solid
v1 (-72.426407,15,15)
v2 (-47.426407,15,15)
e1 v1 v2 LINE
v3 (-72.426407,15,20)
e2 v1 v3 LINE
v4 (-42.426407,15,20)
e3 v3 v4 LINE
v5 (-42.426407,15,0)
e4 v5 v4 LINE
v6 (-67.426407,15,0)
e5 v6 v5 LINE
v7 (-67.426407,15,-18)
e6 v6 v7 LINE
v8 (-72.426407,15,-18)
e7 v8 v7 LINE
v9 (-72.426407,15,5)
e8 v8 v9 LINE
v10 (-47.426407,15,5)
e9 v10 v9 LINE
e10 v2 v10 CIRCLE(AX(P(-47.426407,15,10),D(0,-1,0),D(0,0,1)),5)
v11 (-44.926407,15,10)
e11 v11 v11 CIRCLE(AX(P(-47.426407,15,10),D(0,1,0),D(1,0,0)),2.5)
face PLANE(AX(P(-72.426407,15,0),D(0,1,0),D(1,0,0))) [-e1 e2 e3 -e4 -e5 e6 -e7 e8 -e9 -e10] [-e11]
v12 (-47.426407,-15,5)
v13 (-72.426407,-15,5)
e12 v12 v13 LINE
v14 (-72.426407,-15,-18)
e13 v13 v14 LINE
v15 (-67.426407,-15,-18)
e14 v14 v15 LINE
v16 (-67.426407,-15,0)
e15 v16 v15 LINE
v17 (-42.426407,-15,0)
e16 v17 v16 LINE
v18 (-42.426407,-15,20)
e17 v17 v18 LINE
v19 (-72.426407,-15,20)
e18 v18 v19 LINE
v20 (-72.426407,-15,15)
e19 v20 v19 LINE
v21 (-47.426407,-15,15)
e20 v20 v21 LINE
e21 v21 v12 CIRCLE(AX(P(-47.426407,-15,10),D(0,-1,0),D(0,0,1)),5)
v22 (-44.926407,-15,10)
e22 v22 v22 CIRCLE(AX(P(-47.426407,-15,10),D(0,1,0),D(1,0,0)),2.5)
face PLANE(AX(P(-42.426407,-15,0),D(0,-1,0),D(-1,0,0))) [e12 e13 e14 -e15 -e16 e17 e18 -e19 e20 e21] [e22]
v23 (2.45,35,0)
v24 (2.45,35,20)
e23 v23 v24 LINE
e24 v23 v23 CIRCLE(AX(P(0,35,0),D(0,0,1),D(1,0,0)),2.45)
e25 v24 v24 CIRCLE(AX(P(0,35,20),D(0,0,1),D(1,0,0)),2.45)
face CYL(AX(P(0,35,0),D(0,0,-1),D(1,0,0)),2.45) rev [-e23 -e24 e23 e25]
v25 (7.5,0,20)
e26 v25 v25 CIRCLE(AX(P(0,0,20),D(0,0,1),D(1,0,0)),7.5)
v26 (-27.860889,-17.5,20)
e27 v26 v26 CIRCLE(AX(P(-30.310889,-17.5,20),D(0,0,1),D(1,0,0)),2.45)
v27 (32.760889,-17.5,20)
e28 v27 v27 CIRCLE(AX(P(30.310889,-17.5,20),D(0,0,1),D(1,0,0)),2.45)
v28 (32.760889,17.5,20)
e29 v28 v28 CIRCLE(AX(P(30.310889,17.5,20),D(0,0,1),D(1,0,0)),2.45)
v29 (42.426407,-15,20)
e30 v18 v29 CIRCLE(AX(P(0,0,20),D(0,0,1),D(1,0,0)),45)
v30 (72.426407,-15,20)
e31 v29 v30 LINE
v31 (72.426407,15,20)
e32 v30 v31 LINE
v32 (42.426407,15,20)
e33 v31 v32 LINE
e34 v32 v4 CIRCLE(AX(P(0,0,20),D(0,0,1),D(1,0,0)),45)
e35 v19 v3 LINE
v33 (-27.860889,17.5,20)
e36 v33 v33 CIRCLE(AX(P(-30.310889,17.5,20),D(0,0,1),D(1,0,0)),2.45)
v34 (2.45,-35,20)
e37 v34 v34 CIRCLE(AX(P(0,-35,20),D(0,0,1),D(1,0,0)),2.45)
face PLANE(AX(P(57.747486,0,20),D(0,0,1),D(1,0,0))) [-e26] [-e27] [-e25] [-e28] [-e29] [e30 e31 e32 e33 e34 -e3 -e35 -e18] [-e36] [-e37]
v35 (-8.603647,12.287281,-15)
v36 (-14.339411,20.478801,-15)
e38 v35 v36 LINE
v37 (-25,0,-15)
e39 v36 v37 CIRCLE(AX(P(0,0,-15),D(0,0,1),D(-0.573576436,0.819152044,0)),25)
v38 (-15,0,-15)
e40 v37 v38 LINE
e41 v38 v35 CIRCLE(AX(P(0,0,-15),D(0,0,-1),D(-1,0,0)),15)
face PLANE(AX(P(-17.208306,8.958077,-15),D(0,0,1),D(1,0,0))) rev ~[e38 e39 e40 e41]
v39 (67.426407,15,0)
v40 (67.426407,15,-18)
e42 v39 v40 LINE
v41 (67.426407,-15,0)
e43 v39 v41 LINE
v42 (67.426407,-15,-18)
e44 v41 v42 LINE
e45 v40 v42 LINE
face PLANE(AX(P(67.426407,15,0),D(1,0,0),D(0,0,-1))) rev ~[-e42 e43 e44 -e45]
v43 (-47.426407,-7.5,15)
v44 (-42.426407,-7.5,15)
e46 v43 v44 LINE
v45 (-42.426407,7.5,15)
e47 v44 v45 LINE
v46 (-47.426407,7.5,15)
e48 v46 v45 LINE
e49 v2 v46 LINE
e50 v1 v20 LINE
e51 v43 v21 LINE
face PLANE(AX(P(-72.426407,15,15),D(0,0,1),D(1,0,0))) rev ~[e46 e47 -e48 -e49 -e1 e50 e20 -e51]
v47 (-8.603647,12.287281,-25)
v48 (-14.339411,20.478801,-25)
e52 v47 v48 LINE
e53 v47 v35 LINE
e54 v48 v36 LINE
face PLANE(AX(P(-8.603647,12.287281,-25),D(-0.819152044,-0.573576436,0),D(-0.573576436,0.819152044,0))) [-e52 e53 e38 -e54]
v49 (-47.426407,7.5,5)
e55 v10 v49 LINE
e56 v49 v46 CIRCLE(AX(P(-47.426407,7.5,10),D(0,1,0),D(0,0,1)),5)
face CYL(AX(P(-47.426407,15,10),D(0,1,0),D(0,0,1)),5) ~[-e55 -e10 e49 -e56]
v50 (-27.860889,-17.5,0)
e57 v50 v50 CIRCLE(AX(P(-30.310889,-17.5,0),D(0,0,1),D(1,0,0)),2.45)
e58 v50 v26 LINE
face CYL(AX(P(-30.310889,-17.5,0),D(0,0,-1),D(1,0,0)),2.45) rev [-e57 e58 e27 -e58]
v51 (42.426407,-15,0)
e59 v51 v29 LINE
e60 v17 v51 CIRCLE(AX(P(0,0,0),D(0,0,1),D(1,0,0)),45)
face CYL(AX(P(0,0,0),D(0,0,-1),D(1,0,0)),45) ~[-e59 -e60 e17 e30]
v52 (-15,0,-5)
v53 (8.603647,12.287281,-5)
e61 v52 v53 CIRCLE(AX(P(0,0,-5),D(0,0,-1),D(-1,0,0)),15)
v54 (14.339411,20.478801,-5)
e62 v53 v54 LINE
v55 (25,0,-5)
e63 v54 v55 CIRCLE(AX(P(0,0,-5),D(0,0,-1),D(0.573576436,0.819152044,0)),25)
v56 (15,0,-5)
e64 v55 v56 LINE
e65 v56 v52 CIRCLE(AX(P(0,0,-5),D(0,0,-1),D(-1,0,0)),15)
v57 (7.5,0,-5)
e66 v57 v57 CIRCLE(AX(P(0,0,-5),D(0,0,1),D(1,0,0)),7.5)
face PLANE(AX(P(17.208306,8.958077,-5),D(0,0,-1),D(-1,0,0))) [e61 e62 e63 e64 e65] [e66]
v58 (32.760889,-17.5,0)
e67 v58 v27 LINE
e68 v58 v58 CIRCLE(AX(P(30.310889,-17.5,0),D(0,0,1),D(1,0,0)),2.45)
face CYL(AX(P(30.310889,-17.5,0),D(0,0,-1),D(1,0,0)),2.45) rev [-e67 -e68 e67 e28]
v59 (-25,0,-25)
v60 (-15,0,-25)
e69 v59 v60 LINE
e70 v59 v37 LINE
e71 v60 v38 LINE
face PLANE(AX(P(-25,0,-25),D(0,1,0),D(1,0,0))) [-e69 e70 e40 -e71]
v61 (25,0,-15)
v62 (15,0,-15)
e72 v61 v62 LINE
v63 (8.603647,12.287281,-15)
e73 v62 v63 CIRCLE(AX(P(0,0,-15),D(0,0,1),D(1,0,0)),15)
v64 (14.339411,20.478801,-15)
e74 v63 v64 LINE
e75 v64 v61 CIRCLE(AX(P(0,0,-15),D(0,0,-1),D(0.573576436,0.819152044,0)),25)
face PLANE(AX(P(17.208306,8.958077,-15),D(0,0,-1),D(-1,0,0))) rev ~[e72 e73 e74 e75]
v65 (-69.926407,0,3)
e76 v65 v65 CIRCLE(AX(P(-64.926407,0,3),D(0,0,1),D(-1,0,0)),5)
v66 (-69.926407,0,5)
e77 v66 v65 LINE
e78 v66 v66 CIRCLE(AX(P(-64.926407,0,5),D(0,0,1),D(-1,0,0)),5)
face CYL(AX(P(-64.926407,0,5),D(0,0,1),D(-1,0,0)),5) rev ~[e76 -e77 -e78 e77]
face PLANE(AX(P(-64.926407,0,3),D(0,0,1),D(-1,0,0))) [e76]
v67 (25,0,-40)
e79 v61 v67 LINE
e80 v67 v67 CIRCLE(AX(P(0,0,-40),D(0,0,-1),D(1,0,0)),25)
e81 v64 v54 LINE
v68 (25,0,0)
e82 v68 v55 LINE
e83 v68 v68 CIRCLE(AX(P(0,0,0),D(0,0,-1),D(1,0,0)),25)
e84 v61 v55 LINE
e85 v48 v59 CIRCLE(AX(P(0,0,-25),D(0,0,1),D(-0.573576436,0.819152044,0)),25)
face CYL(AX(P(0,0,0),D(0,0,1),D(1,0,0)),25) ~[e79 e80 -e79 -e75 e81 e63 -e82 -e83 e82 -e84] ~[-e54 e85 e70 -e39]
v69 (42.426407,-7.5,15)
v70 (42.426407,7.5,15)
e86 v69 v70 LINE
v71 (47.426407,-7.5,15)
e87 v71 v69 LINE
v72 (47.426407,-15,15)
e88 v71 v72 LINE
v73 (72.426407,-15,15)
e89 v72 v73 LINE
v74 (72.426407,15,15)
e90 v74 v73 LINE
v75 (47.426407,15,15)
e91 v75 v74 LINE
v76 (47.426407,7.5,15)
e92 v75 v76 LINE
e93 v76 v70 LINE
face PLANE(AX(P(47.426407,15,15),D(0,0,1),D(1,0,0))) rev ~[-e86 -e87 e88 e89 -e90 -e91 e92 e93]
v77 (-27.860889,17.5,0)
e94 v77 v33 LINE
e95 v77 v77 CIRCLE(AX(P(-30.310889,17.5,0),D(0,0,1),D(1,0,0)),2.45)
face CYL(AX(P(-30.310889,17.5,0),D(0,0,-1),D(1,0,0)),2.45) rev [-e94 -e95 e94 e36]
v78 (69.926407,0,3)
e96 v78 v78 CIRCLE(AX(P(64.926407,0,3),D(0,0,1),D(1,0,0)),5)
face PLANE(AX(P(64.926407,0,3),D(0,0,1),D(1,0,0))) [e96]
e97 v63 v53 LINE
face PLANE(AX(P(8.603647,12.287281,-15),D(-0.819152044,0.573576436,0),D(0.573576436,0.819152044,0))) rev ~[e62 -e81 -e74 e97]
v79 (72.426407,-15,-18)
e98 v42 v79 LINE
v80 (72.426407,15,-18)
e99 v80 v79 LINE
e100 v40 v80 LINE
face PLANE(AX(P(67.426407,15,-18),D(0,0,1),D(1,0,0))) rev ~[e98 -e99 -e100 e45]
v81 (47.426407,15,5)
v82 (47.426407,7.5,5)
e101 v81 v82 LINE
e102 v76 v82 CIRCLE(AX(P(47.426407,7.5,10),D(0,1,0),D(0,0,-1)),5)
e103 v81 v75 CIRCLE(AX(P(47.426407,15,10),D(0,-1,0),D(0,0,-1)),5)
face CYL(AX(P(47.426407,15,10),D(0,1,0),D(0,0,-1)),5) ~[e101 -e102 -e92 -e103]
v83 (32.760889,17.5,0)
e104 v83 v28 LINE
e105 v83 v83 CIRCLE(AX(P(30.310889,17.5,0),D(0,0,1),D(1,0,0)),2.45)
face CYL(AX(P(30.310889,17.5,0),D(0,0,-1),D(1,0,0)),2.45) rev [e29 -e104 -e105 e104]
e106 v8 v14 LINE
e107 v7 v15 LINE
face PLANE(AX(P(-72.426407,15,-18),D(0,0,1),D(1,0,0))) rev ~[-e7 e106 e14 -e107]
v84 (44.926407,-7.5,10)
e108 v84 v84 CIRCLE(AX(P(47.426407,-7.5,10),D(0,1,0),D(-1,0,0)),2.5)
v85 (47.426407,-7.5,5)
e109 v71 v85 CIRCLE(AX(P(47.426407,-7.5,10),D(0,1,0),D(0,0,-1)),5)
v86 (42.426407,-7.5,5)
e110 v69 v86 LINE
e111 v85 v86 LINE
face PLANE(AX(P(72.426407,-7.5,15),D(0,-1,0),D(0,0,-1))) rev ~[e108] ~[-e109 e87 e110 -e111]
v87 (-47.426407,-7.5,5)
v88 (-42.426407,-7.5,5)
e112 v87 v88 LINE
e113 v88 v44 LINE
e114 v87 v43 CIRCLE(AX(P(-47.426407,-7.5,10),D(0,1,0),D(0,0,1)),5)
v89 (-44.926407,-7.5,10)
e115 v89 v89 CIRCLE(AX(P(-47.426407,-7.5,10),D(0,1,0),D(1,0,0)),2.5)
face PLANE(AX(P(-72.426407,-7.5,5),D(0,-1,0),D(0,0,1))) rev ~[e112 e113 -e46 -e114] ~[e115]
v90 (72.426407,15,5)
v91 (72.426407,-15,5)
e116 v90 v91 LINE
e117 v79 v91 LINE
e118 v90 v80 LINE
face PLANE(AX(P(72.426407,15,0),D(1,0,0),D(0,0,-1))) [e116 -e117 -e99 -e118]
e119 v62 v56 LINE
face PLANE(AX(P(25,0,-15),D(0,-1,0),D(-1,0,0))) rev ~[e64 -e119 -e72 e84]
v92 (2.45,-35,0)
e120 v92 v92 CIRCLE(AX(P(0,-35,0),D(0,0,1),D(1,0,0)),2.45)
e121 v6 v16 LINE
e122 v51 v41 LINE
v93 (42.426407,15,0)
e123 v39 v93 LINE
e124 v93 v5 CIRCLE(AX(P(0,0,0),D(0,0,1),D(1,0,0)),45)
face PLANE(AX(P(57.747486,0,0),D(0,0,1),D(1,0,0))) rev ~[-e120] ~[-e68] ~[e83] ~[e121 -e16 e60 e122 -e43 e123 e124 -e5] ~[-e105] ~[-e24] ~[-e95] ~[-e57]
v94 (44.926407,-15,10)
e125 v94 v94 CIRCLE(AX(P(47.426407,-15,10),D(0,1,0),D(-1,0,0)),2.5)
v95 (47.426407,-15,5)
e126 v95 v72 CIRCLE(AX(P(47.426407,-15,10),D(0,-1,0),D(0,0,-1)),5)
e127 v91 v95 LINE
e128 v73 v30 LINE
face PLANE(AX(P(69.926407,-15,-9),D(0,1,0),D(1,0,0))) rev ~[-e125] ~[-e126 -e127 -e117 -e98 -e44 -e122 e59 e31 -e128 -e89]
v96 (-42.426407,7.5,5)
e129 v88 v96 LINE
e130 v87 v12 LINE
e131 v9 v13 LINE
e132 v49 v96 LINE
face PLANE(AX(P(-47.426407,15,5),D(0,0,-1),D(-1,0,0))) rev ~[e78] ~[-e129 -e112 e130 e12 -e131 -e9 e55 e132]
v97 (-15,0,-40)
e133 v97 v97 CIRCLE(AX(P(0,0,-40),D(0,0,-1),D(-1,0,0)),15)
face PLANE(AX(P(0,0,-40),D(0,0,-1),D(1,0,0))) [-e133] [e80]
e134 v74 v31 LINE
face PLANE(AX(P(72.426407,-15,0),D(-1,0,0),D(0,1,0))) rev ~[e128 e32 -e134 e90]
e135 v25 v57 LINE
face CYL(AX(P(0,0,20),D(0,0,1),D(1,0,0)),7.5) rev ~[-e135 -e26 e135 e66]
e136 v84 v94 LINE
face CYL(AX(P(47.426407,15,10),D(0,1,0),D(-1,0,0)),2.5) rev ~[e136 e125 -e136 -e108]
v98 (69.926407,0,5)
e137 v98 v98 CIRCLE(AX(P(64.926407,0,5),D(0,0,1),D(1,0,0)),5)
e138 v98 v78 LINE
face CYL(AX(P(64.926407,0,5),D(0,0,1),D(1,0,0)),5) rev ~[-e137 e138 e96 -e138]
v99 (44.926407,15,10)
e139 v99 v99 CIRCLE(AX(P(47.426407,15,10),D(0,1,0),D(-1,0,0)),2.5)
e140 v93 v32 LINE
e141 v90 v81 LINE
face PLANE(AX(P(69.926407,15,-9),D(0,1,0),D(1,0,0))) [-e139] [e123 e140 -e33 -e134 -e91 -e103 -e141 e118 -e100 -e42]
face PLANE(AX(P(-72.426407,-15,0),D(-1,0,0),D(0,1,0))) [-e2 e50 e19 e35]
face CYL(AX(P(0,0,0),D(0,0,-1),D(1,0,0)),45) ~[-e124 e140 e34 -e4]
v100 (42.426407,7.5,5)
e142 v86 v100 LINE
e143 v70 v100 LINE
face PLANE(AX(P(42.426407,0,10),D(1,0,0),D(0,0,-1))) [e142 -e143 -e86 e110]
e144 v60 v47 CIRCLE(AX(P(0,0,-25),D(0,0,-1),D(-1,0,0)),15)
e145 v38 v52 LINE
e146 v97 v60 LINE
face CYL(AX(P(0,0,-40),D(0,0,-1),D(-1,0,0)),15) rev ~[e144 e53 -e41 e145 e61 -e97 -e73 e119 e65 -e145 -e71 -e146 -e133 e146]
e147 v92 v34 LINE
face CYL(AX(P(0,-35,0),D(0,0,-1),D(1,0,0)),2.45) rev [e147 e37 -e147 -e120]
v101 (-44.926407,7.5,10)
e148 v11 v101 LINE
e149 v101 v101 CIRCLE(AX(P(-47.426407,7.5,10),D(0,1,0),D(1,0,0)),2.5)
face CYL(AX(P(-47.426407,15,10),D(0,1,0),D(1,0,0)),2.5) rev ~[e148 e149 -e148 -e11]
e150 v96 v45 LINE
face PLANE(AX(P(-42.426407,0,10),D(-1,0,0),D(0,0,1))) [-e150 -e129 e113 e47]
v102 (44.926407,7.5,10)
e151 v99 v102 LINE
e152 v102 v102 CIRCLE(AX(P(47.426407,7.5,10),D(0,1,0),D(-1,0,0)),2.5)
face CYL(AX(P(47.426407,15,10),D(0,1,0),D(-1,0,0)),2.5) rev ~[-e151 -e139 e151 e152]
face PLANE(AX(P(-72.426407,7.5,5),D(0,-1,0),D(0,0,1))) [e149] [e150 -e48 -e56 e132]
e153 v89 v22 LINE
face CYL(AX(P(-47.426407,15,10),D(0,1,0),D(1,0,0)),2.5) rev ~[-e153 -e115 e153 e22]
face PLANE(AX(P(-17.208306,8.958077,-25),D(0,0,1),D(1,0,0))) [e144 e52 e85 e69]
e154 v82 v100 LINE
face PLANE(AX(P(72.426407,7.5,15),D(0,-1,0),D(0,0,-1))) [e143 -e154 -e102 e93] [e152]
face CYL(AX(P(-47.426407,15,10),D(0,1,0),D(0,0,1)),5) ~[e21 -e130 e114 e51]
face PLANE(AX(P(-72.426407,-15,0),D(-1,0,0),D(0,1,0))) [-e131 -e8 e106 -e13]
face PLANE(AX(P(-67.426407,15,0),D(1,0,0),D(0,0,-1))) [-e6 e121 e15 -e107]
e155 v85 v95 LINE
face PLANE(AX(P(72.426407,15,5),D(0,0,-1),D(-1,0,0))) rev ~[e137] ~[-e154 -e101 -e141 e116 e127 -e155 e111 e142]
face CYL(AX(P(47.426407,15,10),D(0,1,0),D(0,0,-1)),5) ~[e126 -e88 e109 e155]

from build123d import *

# Parameters (mm, degrees)
IZIM1_R                     = 45
IZIM1_R_2                   = 2.45
Y_KSEKLIK_EKSTR_ZYON1_DEPTH = 20
IZIM2_R                     = 25
Y_KSEKLIK_EKSTR_ZYON2_DEPTH = 40
Y_KSEKLIK_EKSTR_ZYON3_START = -20
Y_KSEKLIK_EKSTR_ZYON3_DEPTH = 20
IZIM4_R                     = 2.5
KES_EKSTR_ZYON1_DEPTH       = 30
IZIM5_W                     = 10
IZIM5_H                     = 15
KES_EKSTR_ZYON3_DEPTH       = 30
IZIM8_R                     = 5
KES_EKSTR_ZYON4_DEPTH       = 2
IZIM10_R                    = 7.5
KES_EKSTR_ZYON5_DEPTH       = 25
IZIM12_W                    = 5
IZIM12_H                    = 18
Y_KSEKLIK_EKSTR_ZYON4_DEPTH = 30
IZIM14_W                    = 10
IZIM14_H                    = 15
KES_EKSTR_ZYON6_DEPTH       = 30
IZIM16_R                    = 15
KES_EKSTR_ZYON8_DEPTH       = 35
KES_EKSTR_ZYON9_START       = -25
KES_EKSTR_ZYON9_DEPTH       = 10
KES_EKSTR_ZYON10_START      = -15
KES_EKSTR_ZYON10_DEPTH      = 10


with BuildPart() as part:
    # Çizim1 → Yükseklik-Ekstrüzyon1 (new body)
    with BuildSketch(Plane.XY):
        Circle(IZIM1_R)
        with Locations((0, 35)):
            Circle(IZIM1_R_2, mode=Mode.SUBTRACT)
        with Locations((30.310889132, 17.5)):
            Circle(IZIM1_R_2, mode=Mode.SUBTRACT)
        with Locations((30.310889132, -17.5)):
            Circle(IZIM1_R_2, mode=Mode.SUBTRACT)
        with Locations((0, -35)):
            Circle(IZIM1_R_2, mode=Mode.SUBTRACT)
        with Locations((-30.310889132, -17.5)):
            Circle(IZIM1_R_2, mode=Mode.SUBTRACT)
        with Locations((-30.310889132, 17.5)):
            Circle(IZIM1_R_2, mode=Mode.SUBTRACT)
    extrude(amount=Y_KSEKLIK_EKSTR_ZYON1_DEPTH)

    # Çizim2 → Yükseklik-Ekstrüzyon2 (add)
    with BuildSketch(Plane(origin=(0, 0, 0), x_dir=(-1, 0, 0), z_dir=(0, 0, -1))):
        with Locations(Location((0, 0, 0), (0, 0, 180))):
            Circle(IZIM2_R)
    extrude(amount=Y_KSEKLIK_EKSTR_ZYON2_DEPTH)

    # Çizim3 → Yükseklik-Ekstrüzyon3 (add)
    with BuildSketch(Plane.XY.offset(20).offset(Y_KSEKLIK_EKSTR_ZYON3_START)):
        with BuildLine():
            Line((42.426406871, -15), (72.426406871, -15))
            Line((72.426406871, -15), (72.426406871, 15))
            Line((72.426406871, 15), (42.426406871, 15))
            ThreePointArc((42.426406871, 15), (45, 0), (42.426406871, -15))
        make_face()
        with BuildLine():
            Line((-42.426406871, -15), (-72.426406871, -15))
            Line((-72.426406871, -15), (-72.426406871, 15))
            Line((-72.426406871, 15), (-42.426406871, 15))
            ThreePointArc((-42.426406871, 15), (-45, 0), (-42.426406871, -15))
        make_face()
    extrude(amount=Y_KSEKLIK_EKSTR_ZYON3_DEPTH)

    # Çizim4 → Kes-Ekstrüzyon1 (cut)
    with BuildSketch(Plane(origin=(0, 15, 0), x_dir=(1, 0, 0), z_dir=(0, 1, 0))):
        with Locations(Location((47.426406871, -10, 0), (0, 0, 180))):
            Circle(IZIM4_R)
        with Locations((-47.426406871, -10)):
            Circle(IZIM4_R)
        with BuildLine():
            Line((72.426406871, -5), (47.426406871, -5))
            ThreePointArc((47.426406871, -5), (52.426406871, -10), (47.426406871, -15))
            Line((47.426406871, -15), (72.426406871, -15))
            Line((72.426406871, -15), (72.426406871, -5))
        make_face()
        with BuildLine():
            Line((-72.426406871, -15), (-47.426406871, -15))
            ThreePointArc((-47.426406871, -15), (-52.426406871, -10), (-47.426406871, -5))
            Line((-47.426406871, -5), (-72.426406871, -5))
            Line((-72.426406871, -5), (-72.426406871, -15))
        make_face()
    extrude(amount=-KES_EKSTR_ZYON1_DEPTH, mode=Mode.SUBTRACT)

    # Çizim5 → Kes-Ekstrüzyon3 (cut)
    with BuildSketch(Plane(origin=(72.426406871, 0, 0), x_dir=(0, 0, -1), z_dir=(1, 0, 0))):
        with Locations((-10, 0)):
            Rectangle(IZIM5_W, IZIM5_H)
    extrude(amount=-KES_EKSTR_ZYON3_DEPTH, mode=Mode.SUBTRACT)

    # Çizim8 → Kes-Ekstrüzyon4 (cut)
    with BuildSketch(Plane.XY.offset(5)):
        with Locations((64.926406871, 0)):
            Circle(IZIM8_R)
        with Locations(Location((-64.926406871, 0, 0), (0, 0, 180))):
            Circle(IZIM8_R)
    extrude(amount=-KES_EKSTR_ZYON4_DEPTH, mode=Mode.SUBTRACT)

    # Çizim10 → Kes-Ekstrüzyon5 (cut)
    with BuildSketch(Plane.XY.offset(20)):
        Circle(IZIM10_R)
    extrude(amount=-KES_EKSTR_ZYON5_DEPTH, mode=Mode.SUBTRACT)

    # Çizim12 → Yükseklik-Ekstrüzyon4 (add)
    with BuildSketch(Plane(origin=(0, 15, 0), x_dir=(1, 0, 0), z_dir=(0, 1, 0))):
        with Locations((69.926406871, 9)):
            Rectangle(IZIM12_W, IZIM12_H)
        with Locations((-69.926406871, 9)):
            Rectangle(IZIM12_W, IZIM12_H)
    extrude(amount=-Y_KSEKLIK_EKSTR_ZYON4_DEPTH)

    # Çizim14 → Kes-Ekstrüzyon6 (cut)
    with BuildSketch(Plane.ZY.offset(72.426406871)):
        with Locations((10, 0)):
            Rectangle(IZIM14_W, IZIM14_H)
    extrude(amount=-KES_EKSTR_ZYON6_DEPTH, mode=Mode.SUBTRACT)

    # Çizim16 → Kes-Ekstrüzyon8 (cut)
    with BuildSketch(Plane(origin=(0, 0, -40), x_dir=(-1, 0, 0), z_dir=(0, 0, -1))):
        Circle(IZIM16_R)
    extrude(amount=-KES_EKSTR_ZYON8_DEPTH, mode=Mode.SUBTRACT)

    # Çizim17 → Kes-Ekstrüzyon9 (cut)
    with BuildSketch(Plane(origin=(0, 0, -40), x_dir=(-1, 0, 0), z_dir=(0, 0, -1)).offset(KES_EKSTR_ZYON9_START)):
        with BuildLine():
            Line((-25, 0), (-15, 0))
            ThreePointArc((-15, 0), (-13.305162498, 6.926229199), (-8.603646545, 12.287280664))
            Line((-8.603646545, 12.287280664), (-14.339410909, 20.478801107))
            ThreePointArc((-14.339410909, 20.478801107), (-22.175270829, 11.543715331), (-25, 0))
        make_face()
    extrude(amount=-KES_EKSTR_ZYON9_DEPTH, mode=Mode.SUBTRACT)

    # Çizim18 → Kes-Ekstrüzyon10 (cut)
    with BuildSketch(Plane(origin=(0, 0, -40), x_dir=(-1, 0, 0), z_dir=(0, 0, -1)).offset(KES_EKSTR_ZYON10_START)):
        with BuildLine():
            Line((8.603646545, 12.287280664), (14.339410909, 20.478801107))
            ThreePointArc((14.339410909, 20.478801107), (22.175270829, 11.543715331), (25, 0))
            Line((25, 0), (15, 0))
            ThreePointArc((15, 0), (13.305162498, 6.926229199), (8.603646545, 12.287280664))
        make_face()
    extrude(amount=-KES_EKSTR_ZYON10_DEPTH, mode=Mode.SUBTRACT)


solid = part.part
